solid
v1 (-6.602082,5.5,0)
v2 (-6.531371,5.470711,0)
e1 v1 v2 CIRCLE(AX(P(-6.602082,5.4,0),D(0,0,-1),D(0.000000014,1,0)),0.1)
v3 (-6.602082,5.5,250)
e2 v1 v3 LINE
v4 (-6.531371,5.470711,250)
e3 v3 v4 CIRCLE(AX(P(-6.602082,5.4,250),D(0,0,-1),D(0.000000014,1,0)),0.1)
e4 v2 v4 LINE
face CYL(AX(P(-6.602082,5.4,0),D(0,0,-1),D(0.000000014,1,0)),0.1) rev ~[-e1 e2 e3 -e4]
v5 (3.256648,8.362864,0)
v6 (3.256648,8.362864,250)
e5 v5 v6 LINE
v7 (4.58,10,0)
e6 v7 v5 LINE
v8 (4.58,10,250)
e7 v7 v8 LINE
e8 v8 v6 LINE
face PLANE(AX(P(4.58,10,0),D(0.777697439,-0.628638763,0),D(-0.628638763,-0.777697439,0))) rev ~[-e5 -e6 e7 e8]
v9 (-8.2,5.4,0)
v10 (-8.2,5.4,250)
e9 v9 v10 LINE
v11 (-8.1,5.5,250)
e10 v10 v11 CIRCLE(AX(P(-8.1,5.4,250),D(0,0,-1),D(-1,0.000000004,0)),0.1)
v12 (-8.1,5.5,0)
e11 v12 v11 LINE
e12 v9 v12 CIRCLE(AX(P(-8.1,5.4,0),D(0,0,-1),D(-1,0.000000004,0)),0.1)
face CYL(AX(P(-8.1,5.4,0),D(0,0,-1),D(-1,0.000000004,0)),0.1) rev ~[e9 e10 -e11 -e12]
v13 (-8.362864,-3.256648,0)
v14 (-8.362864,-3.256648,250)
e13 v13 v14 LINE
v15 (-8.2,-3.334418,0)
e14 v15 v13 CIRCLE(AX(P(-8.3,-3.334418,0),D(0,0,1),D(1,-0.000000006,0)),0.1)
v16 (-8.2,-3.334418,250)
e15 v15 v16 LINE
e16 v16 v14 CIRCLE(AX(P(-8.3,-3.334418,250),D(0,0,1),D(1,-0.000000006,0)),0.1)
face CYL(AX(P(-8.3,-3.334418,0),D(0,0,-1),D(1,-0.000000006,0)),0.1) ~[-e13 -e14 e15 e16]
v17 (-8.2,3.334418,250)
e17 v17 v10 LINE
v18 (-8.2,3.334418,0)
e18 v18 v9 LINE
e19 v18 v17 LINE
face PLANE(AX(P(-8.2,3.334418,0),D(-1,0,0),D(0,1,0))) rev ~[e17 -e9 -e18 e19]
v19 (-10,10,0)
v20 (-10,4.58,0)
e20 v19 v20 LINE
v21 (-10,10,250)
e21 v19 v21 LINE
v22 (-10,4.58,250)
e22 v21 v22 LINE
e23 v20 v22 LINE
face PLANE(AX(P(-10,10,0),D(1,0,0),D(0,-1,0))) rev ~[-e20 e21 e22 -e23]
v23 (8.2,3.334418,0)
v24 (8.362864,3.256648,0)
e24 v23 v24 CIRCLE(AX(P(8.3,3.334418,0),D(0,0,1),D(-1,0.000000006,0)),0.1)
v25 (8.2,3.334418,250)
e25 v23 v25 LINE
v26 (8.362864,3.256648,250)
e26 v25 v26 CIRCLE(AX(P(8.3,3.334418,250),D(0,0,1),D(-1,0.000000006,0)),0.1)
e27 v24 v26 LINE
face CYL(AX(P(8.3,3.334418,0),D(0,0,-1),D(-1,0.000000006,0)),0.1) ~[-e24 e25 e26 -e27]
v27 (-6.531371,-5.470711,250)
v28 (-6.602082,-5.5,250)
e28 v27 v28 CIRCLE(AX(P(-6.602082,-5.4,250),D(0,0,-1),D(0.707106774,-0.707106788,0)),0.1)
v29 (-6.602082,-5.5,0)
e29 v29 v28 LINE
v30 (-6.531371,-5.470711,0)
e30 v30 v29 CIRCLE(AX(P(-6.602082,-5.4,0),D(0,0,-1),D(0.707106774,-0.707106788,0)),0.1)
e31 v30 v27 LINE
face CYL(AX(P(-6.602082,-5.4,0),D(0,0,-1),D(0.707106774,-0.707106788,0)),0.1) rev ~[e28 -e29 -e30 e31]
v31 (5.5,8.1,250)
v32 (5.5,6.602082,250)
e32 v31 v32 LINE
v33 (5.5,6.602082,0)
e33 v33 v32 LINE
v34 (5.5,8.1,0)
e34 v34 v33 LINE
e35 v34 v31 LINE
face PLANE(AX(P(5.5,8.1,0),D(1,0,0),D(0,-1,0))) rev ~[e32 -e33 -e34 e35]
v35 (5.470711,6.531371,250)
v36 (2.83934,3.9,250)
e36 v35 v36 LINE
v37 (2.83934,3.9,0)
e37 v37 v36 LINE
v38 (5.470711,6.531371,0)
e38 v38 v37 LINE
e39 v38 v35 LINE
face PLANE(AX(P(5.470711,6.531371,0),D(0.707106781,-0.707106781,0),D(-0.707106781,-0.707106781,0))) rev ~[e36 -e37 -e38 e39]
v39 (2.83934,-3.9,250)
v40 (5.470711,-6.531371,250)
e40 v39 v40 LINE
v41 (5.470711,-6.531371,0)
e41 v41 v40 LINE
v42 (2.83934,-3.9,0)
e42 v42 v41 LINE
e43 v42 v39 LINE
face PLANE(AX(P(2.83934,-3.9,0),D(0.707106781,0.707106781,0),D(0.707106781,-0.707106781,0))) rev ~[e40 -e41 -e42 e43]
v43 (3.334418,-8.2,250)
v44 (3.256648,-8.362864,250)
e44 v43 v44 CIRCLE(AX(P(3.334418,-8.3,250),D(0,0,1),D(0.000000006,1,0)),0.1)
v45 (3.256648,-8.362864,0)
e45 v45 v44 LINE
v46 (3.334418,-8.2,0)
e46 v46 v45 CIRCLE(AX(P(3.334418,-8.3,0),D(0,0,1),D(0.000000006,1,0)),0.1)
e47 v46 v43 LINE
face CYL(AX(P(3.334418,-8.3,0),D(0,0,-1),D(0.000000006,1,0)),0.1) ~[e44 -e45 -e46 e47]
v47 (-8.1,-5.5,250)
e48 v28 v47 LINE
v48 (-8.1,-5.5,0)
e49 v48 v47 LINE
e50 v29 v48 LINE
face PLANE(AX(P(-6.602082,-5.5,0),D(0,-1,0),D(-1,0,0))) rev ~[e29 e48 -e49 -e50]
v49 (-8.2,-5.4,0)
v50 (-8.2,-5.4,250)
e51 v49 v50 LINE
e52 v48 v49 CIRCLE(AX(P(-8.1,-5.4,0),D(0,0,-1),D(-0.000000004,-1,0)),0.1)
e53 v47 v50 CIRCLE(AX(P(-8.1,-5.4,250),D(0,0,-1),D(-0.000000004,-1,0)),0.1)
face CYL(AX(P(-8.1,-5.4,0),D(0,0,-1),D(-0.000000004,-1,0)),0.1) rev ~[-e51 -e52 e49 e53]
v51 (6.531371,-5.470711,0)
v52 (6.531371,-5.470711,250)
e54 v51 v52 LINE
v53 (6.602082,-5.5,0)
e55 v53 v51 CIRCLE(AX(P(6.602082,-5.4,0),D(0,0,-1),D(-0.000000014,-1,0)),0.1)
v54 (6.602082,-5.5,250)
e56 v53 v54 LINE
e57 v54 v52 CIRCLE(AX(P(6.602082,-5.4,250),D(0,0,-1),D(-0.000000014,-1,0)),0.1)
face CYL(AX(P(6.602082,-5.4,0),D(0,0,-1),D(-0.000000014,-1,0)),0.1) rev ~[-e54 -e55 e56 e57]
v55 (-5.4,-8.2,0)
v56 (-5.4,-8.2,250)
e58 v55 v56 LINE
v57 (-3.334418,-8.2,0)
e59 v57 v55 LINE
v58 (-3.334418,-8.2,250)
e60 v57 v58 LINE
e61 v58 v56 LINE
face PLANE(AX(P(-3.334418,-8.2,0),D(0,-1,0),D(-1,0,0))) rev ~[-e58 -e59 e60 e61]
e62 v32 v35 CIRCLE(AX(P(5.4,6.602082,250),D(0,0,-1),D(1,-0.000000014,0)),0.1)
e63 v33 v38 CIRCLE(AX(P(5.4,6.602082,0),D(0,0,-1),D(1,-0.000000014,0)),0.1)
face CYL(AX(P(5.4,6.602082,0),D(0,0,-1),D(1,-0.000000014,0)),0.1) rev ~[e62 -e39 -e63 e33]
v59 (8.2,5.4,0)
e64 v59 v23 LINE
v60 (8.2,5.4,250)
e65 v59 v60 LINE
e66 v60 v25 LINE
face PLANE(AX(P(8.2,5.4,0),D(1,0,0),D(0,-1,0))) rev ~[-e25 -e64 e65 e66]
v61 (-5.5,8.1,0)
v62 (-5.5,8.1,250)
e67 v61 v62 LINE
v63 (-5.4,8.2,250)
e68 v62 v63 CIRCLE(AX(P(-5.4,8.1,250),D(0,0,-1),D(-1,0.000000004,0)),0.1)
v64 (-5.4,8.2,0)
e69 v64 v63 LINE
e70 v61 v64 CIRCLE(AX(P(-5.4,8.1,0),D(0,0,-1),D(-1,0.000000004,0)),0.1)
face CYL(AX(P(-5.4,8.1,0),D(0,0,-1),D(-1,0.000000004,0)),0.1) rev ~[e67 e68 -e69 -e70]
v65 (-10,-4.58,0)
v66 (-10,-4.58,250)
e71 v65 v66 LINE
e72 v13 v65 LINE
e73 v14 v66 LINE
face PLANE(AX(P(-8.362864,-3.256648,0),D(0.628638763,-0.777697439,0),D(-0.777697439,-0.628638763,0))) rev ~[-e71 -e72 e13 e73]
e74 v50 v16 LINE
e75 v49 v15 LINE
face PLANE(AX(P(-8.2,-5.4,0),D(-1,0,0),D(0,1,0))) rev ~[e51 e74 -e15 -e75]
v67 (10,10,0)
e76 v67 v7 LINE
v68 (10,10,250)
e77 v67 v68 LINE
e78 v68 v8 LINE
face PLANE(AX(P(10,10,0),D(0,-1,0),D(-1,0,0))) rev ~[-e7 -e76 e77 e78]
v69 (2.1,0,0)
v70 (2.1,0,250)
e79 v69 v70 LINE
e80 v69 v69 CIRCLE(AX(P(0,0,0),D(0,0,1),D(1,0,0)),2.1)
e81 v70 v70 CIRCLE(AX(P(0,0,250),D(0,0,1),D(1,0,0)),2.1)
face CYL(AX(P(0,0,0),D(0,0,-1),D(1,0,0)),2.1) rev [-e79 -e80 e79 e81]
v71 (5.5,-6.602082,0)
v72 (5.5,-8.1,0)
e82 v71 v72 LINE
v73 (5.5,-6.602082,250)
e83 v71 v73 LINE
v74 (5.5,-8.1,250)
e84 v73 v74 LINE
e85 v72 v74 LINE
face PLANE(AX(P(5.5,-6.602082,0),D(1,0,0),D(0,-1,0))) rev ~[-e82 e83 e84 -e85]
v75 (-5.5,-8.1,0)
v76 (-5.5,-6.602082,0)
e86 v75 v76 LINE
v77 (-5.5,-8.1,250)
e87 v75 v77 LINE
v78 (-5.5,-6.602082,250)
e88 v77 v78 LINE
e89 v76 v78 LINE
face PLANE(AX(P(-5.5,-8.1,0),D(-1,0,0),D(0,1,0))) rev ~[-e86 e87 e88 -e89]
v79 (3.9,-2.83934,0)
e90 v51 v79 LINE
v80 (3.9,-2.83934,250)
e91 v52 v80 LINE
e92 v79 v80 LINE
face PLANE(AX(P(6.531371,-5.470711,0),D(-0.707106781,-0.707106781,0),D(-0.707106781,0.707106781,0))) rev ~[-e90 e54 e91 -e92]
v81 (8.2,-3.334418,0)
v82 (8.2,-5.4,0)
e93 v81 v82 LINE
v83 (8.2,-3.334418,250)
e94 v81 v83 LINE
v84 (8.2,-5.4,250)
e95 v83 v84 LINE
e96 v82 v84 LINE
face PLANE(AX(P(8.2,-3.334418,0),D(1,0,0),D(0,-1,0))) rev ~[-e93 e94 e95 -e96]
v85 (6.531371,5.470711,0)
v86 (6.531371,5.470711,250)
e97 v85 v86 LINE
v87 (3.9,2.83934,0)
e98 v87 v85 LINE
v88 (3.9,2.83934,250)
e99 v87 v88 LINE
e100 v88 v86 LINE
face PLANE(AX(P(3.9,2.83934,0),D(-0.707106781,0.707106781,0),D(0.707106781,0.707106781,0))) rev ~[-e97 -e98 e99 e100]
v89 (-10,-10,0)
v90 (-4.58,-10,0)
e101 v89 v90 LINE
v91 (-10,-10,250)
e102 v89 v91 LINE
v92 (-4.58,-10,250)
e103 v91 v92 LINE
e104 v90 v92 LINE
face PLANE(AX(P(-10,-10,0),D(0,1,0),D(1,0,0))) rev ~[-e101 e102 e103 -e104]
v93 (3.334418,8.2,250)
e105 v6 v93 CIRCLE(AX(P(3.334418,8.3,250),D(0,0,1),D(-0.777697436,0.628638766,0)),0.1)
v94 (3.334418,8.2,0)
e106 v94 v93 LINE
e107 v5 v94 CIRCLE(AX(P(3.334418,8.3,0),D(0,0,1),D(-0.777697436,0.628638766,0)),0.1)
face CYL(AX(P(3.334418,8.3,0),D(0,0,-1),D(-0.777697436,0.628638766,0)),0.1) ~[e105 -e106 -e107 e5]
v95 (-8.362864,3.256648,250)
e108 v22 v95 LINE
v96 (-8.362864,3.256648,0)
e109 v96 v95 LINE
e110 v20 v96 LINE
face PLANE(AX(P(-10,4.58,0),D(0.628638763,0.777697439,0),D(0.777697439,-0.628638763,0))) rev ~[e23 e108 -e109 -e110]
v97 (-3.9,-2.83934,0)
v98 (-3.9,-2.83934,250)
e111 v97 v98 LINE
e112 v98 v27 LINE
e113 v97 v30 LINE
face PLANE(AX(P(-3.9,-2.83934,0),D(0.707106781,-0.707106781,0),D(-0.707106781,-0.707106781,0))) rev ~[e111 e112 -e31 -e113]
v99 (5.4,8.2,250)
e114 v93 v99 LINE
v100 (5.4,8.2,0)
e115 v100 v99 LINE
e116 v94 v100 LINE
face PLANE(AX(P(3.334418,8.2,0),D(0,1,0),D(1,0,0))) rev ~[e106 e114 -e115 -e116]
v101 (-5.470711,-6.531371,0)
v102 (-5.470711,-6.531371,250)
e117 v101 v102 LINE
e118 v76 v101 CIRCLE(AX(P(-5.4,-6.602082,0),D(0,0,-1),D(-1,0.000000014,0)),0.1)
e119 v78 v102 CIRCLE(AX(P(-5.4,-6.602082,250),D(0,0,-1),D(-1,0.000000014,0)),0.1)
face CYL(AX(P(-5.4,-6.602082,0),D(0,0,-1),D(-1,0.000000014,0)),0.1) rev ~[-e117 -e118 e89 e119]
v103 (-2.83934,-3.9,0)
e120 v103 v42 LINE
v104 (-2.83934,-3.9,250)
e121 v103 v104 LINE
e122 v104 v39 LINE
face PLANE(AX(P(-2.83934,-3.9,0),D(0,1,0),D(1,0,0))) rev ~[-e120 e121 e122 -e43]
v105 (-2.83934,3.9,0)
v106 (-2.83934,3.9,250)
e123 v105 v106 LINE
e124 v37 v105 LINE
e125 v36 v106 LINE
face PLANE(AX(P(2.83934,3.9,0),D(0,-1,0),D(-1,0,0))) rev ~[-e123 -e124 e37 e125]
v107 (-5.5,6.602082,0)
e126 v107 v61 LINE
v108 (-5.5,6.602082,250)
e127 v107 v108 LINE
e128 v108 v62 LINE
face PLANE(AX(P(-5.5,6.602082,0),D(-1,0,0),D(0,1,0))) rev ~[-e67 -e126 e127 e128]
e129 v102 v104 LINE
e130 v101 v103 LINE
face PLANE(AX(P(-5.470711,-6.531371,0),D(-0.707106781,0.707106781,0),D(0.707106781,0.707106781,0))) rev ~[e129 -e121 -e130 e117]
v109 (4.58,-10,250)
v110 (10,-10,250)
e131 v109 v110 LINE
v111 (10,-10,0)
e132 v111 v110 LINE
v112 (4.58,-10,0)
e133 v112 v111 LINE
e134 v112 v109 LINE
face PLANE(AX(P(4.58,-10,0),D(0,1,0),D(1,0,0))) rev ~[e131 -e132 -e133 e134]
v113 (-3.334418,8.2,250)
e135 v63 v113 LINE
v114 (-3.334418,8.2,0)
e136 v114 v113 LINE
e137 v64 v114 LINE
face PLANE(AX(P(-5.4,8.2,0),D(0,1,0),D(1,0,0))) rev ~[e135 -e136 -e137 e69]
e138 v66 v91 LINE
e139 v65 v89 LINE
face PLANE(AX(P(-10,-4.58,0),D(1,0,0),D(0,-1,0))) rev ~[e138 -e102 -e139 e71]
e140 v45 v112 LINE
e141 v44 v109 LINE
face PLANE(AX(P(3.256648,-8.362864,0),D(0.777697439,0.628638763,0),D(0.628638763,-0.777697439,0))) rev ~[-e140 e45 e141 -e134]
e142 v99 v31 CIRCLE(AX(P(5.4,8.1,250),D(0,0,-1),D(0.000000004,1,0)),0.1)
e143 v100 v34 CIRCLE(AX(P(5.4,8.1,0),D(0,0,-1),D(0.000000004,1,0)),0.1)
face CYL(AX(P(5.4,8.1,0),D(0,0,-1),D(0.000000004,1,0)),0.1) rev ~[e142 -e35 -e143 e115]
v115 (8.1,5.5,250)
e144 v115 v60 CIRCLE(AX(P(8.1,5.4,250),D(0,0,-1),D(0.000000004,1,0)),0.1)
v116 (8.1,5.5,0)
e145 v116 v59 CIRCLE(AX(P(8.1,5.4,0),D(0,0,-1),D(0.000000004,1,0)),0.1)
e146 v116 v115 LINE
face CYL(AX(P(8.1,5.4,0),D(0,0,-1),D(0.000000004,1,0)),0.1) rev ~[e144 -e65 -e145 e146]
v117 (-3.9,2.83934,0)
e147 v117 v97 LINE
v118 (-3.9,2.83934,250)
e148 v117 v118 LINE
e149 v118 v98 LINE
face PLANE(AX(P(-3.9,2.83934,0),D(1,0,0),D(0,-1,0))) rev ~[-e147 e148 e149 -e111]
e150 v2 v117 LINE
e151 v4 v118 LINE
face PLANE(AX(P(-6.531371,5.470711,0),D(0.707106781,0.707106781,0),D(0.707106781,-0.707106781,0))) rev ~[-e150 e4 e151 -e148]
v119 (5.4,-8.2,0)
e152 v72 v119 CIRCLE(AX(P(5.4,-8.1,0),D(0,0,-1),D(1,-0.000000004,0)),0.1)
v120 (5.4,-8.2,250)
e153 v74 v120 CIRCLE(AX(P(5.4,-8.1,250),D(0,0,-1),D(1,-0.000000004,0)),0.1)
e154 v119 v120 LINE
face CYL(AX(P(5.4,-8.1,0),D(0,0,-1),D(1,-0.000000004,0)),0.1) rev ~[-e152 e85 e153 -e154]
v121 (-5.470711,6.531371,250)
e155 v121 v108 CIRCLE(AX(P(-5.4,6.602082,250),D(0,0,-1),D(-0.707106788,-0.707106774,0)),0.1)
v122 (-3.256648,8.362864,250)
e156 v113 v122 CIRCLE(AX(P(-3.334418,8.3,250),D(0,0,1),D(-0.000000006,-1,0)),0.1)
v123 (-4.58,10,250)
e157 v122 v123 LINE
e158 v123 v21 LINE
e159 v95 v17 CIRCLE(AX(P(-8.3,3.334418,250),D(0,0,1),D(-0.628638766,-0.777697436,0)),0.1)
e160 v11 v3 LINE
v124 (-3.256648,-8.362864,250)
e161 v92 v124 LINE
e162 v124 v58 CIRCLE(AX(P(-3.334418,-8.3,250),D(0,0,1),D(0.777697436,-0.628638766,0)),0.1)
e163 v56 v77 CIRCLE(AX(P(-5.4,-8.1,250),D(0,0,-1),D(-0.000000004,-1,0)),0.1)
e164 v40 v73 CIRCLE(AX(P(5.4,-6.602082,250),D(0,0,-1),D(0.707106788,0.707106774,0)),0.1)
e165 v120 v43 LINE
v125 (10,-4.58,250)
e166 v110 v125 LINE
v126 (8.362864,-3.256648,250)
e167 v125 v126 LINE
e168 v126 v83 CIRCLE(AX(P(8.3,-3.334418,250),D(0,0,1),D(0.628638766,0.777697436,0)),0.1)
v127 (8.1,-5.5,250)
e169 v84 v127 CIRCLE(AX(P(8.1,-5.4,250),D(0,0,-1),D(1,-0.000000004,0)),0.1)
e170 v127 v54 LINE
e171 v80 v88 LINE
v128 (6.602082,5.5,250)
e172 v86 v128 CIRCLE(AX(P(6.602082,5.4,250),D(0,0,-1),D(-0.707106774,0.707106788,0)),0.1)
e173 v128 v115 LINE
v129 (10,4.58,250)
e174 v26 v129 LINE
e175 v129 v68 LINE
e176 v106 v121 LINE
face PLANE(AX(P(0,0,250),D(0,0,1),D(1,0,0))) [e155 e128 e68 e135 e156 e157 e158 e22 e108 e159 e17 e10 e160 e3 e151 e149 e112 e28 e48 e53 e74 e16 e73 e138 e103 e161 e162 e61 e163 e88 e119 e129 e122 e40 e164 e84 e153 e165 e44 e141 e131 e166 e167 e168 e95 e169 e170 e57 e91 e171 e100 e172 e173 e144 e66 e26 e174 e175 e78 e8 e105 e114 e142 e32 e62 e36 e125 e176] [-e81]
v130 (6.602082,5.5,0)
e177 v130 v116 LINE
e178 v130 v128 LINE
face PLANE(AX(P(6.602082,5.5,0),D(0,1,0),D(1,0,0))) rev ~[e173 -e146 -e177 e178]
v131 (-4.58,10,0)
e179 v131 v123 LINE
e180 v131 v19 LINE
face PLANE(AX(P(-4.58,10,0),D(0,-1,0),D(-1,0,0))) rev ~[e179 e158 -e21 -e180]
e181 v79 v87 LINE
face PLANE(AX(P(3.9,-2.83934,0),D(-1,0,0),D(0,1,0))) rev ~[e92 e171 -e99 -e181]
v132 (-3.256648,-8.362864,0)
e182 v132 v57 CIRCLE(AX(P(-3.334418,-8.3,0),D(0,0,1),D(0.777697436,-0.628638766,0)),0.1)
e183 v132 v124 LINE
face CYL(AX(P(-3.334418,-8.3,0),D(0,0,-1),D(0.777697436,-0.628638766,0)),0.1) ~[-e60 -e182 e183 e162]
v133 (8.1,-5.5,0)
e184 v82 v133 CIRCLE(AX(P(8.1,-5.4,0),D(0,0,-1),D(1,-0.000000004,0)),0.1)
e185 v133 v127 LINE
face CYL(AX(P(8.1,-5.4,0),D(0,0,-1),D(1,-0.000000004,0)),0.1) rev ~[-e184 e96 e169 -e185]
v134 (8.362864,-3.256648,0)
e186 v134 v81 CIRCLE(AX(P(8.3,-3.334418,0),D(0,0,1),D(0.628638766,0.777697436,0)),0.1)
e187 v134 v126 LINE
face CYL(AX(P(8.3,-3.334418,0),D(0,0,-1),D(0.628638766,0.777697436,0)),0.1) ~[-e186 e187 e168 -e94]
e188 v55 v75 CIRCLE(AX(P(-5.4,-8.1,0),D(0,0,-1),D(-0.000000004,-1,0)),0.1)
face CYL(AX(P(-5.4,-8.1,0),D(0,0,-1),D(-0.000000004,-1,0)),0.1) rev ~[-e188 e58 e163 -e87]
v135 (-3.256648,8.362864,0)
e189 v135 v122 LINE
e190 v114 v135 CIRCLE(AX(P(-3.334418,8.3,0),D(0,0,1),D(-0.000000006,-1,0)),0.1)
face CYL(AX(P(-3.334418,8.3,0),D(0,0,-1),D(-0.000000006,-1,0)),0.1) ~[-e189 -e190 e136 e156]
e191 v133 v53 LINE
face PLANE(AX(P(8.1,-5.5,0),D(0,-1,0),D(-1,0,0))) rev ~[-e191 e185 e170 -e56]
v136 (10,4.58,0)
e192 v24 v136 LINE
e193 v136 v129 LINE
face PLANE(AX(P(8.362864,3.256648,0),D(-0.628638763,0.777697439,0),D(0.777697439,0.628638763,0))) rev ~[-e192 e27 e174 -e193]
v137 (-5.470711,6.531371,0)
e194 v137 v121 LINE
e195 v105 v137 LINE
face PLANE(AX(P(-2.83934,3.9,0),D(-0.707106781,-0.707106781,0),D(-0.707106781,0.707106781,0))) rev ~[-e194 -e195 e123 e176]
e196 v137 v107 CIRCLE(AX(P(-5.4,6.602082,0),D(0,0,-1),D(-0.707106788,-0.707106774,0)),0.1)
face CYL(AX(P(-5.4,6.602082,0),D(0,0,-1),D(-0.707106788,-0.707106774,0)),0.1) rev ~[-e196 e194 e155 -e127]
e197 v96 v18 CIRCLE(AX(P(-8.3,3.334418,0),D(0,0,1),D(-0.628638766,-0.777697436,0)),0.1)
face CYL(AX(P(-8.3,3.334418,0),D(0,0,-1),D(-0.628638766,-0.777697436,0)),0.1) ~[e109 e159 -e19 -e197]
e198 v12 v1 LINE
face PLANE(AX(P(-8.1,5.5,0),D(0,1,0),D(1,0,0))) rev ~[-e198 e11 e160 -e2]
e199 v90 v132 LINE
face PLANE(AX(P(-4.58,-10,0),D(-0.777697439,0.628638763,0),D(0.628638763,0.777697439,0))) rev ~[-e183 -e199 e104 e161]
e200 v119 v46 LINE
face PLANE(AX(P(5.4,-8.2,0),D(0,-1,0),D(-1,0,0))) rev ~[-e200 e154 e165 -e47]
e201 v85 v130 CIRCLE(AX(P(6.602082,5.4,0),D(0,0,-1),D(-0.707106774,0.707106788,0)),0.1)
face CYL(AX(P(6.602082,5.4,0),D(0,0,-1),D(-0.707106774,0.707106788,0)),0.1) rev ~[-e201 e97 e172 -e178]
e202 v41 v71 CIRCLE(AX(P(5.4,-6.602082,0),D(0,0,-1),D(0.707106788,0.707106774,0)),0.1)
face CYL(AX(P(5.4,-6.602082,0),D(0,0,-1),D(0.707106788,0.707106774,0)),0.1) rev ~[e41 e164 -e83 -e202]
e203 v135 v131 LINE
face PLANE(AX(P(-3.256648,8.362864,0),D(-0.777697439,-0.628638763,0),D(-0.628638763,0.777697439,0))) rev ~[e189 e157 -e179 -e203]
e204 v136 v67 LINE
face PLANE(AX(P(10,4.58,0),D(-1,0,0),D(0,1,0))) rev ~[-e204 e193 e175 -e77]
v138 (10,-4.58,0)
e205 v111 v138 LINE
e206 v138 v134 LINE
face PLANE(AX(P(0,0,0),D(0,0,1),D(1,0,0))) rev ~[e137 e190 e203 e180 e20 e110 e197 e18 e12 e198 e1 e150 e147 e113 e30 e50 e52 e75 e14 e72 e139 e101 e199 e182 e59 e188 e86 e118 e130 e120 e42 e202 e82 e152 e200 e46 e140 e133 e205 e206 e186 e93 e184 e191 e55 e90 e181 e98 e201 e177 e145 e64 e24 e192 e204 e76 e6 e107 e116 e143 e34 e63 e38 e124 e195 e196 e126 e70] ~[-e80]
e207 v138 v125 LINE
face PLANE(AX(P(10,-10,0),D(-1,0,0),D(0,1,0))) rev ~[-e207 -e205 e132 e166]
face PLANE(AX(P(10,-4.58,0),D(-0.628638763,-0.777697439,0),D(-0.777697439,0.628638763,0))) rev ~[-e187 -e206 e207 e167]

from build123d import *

# Parameters (mm, degrees)
SKETCH1_R           = 2.1
BOSS_EXTRUDE1_DEPTH = 250


with BuildPart() as part:
    # Sketch1 → Boss-Extrude1 (new body)
    with BuildSketch(Plane.XY):
        with BuildLine():
            Line((-2.839339828, 3.9), (-5.470710678, 6.53137085))
            ThreePointArc((-5.470710678, 6.53137085), (-5.492387953, 6.563813185), (-5.5, 6.602081528))
            Line((-5.5, 6.602081528), (-5.5, 8.1))
            ThreePointArc((-5.5, 8.1), (-5.470710678, 8.170710678), (-5.4, 8.2))
            Line((-5.4, 8.2), (-3.334418044, 8.2))
            ThreePointArc((-3.334418044, 8.2), (-3.244178397, 8.256909326), (-3.2566483, 8.362863876))
            Line((-3.2566483, 8.362863876), (-4.58, 10))
            Line((-4.58, 10), (-10, 10))
            Line((-10, 10), (-10, 4.58))
            Line((-10, 4.58), (-8.362863876, 3.2566483))
            ThreePointArc((-8.362863876, 3.2566483), (-8.256909326, 3.244178397), (-8.2, 3.334418044))
            Line((-8.2, 3.334418044), (-8.2, 5.4))
            ThreePointArc((-8.2, 5.4), (-8.170710678, 5.470710678), (-8.1, 5.5))
            Line((-8.1, 5.5), (-6.602081528, 5.5))
            ThreePointArc((-6.602081528, 5.5), (-6.563813185, 5.492387953), (-6.53137085, 5.470710678))
            Line((-6.53137085, 5.470710678), (-3.9, 2.839339828))
            Line((-3.9, 2.839339828), (-3.9, -2.839339828))
            Line((-3.9, -2.839339828), (-6.53137085, -5.470710678))
            ThreePointArc((-6.53137085, -5.470710678), (-6.563813185, -5.492387953), (-6.602081528, -5.5))
            Line((-6.602081528, -5.5), (-8.1, -5.5))
            ThreePointArc((-8.1, -5.5), (-8.170710678, -5.470710678), (-8.2, -5.4))
            Line((-8.2, -5.4), (-8.2, -3.334418044))
            ThreePointArc((-8.2, -3.334418044), (-8.256909326, -3.244178397), (-8.362863876, -3.2566483))
            Line((-8.362863876, -3.2566483), (-10, -4.58))
            Line((-10, -4.58), (-10, -10))
            Line((-10, -10), (-4.58, -10))
            Line((-4.58, -10), (-3.2566483, -8.362863876))
            ThreePointArc((-3.2566483, -8.362863876), (-3.244178397, -8.256909326), (-3.334418044, -8.2))
            Line((-3.334418044, -8.2), (-5.4, -8.2))
            ThreePointArc((-5.4, -8.2), (-5.470710678, -8.170710678), (-5.5, -8.1))
            Line((-5.5, -8.1), (-5.5, -6.602081528))
            ThreePointArc((-5.5, -6.602081528), (-5.492387953, -6.563813185), (-5.470710678, -6.53137085))
            Line((-5.470710678, -6.53137085), (-2.839339828, -3.9))
            Line((-2.839339828, -3.9), (2.839339828, -3.9))
            Line((2.839339828, -3.9), (5.470710678, -6.53137085))
            ThreePointArc((5.470710678, -6.53137085), (5.492387953, -6.563813185), (5.5, -6.602081528))
            Line((5.5, -6.602081528), (5.5, -8.1))
            ThreePointArc((5.5, -8.1), (5.470710678, -8.170710678), (5.4, -8.2))
            Line((5.4, -8.2), (3.334418044, -8.2))
            ThreePointArc((3.334418044, -8.2), (3.244178397, -8.256909326), (3.2566483, -8.362863876))
            Line((3.2566483, -8.362863876), (4.58, -10))
            Line((4.58, -10), (10, -10))
            Line((10, -10), (10, -4.58))
            Line((10, -4.58), (8.362863876, -3.2566483))
            ThreePointArc((8.362863876, -3.2566483), (8.256909326, -3.244178397), (8.2, -3.334418044))
            Line((8.2, -3.334418044), (8.2, -5.4))
            ThreePointArc((8.2, -5.4), (8.170710678, -5.470710678), (8.1, -5.5))
            Line((8.1, -5.5), (6.602081528, -5.5))
            ThreePointArc((6.602081528, -5.5), (6.563813185, -5.492387953), (6.53137085, -5.470710678))
            Line((6.53137085, -5.470710678), (3.9, -2.839339828))
            Line((3.9, -2.839339828), (3.9, 2.839339828))
            Line((3.9, 2.839339828), (6.53137085, 5.470710678))
            ThreePointArc((6.53137085, 5.470710678), (6.563813185, 5.492387953), (6.602081528, 5.5))
            Line((6.602081528, 5.5), (8.1, 5.5))
            ThreePointArc((8.1, 5.5), (8.170710678, 5.470710678), (8.2, 5.4))
            Line((8.2, 5.4), (8.2, 3.334418044))
            ThreePointArc((8.2, 3.334418044), (8.256909326, 3.244178397), (8.362863876, 3.2566483))
            Line((8.362863876, 3.2566483), (10, 4.58))
            Line((10, 4.58), (10, 10))
            Line((10, 10), (4.58, 10))
            Line((4.58, 10), (3.2566483, 8.362863876))
            ThreePointArc((3.2566483, 8.362863876), (3.244178397, 8.256909326), (3.334418044, 8.2))
            Line((3.334418044, 8.2), (5.4, 8.2))
            ThreePointArc((5.4, 8.2), (5.470710678, 8.170710678), (5.5, 8.1))
            Line((5.5, 8.1), (5.5, 6.602081528))
            ThreePointArc((5.5, 6.602081528), (5.492387953, 6.563813185), (5.470710678, 6.53137085))
            Line((5.470710678, 6.53137085), (2.839339828, 3.9))
            Line((2.839339828, 3.9), (-2.839339828, 3.9))
        make_face()
        Circle(SKETCH1_R, mode=Mode.SUBTRACT)
    extrude(amount=BOSS_EXTRUDE1_DEPTH)


solid = part.part
